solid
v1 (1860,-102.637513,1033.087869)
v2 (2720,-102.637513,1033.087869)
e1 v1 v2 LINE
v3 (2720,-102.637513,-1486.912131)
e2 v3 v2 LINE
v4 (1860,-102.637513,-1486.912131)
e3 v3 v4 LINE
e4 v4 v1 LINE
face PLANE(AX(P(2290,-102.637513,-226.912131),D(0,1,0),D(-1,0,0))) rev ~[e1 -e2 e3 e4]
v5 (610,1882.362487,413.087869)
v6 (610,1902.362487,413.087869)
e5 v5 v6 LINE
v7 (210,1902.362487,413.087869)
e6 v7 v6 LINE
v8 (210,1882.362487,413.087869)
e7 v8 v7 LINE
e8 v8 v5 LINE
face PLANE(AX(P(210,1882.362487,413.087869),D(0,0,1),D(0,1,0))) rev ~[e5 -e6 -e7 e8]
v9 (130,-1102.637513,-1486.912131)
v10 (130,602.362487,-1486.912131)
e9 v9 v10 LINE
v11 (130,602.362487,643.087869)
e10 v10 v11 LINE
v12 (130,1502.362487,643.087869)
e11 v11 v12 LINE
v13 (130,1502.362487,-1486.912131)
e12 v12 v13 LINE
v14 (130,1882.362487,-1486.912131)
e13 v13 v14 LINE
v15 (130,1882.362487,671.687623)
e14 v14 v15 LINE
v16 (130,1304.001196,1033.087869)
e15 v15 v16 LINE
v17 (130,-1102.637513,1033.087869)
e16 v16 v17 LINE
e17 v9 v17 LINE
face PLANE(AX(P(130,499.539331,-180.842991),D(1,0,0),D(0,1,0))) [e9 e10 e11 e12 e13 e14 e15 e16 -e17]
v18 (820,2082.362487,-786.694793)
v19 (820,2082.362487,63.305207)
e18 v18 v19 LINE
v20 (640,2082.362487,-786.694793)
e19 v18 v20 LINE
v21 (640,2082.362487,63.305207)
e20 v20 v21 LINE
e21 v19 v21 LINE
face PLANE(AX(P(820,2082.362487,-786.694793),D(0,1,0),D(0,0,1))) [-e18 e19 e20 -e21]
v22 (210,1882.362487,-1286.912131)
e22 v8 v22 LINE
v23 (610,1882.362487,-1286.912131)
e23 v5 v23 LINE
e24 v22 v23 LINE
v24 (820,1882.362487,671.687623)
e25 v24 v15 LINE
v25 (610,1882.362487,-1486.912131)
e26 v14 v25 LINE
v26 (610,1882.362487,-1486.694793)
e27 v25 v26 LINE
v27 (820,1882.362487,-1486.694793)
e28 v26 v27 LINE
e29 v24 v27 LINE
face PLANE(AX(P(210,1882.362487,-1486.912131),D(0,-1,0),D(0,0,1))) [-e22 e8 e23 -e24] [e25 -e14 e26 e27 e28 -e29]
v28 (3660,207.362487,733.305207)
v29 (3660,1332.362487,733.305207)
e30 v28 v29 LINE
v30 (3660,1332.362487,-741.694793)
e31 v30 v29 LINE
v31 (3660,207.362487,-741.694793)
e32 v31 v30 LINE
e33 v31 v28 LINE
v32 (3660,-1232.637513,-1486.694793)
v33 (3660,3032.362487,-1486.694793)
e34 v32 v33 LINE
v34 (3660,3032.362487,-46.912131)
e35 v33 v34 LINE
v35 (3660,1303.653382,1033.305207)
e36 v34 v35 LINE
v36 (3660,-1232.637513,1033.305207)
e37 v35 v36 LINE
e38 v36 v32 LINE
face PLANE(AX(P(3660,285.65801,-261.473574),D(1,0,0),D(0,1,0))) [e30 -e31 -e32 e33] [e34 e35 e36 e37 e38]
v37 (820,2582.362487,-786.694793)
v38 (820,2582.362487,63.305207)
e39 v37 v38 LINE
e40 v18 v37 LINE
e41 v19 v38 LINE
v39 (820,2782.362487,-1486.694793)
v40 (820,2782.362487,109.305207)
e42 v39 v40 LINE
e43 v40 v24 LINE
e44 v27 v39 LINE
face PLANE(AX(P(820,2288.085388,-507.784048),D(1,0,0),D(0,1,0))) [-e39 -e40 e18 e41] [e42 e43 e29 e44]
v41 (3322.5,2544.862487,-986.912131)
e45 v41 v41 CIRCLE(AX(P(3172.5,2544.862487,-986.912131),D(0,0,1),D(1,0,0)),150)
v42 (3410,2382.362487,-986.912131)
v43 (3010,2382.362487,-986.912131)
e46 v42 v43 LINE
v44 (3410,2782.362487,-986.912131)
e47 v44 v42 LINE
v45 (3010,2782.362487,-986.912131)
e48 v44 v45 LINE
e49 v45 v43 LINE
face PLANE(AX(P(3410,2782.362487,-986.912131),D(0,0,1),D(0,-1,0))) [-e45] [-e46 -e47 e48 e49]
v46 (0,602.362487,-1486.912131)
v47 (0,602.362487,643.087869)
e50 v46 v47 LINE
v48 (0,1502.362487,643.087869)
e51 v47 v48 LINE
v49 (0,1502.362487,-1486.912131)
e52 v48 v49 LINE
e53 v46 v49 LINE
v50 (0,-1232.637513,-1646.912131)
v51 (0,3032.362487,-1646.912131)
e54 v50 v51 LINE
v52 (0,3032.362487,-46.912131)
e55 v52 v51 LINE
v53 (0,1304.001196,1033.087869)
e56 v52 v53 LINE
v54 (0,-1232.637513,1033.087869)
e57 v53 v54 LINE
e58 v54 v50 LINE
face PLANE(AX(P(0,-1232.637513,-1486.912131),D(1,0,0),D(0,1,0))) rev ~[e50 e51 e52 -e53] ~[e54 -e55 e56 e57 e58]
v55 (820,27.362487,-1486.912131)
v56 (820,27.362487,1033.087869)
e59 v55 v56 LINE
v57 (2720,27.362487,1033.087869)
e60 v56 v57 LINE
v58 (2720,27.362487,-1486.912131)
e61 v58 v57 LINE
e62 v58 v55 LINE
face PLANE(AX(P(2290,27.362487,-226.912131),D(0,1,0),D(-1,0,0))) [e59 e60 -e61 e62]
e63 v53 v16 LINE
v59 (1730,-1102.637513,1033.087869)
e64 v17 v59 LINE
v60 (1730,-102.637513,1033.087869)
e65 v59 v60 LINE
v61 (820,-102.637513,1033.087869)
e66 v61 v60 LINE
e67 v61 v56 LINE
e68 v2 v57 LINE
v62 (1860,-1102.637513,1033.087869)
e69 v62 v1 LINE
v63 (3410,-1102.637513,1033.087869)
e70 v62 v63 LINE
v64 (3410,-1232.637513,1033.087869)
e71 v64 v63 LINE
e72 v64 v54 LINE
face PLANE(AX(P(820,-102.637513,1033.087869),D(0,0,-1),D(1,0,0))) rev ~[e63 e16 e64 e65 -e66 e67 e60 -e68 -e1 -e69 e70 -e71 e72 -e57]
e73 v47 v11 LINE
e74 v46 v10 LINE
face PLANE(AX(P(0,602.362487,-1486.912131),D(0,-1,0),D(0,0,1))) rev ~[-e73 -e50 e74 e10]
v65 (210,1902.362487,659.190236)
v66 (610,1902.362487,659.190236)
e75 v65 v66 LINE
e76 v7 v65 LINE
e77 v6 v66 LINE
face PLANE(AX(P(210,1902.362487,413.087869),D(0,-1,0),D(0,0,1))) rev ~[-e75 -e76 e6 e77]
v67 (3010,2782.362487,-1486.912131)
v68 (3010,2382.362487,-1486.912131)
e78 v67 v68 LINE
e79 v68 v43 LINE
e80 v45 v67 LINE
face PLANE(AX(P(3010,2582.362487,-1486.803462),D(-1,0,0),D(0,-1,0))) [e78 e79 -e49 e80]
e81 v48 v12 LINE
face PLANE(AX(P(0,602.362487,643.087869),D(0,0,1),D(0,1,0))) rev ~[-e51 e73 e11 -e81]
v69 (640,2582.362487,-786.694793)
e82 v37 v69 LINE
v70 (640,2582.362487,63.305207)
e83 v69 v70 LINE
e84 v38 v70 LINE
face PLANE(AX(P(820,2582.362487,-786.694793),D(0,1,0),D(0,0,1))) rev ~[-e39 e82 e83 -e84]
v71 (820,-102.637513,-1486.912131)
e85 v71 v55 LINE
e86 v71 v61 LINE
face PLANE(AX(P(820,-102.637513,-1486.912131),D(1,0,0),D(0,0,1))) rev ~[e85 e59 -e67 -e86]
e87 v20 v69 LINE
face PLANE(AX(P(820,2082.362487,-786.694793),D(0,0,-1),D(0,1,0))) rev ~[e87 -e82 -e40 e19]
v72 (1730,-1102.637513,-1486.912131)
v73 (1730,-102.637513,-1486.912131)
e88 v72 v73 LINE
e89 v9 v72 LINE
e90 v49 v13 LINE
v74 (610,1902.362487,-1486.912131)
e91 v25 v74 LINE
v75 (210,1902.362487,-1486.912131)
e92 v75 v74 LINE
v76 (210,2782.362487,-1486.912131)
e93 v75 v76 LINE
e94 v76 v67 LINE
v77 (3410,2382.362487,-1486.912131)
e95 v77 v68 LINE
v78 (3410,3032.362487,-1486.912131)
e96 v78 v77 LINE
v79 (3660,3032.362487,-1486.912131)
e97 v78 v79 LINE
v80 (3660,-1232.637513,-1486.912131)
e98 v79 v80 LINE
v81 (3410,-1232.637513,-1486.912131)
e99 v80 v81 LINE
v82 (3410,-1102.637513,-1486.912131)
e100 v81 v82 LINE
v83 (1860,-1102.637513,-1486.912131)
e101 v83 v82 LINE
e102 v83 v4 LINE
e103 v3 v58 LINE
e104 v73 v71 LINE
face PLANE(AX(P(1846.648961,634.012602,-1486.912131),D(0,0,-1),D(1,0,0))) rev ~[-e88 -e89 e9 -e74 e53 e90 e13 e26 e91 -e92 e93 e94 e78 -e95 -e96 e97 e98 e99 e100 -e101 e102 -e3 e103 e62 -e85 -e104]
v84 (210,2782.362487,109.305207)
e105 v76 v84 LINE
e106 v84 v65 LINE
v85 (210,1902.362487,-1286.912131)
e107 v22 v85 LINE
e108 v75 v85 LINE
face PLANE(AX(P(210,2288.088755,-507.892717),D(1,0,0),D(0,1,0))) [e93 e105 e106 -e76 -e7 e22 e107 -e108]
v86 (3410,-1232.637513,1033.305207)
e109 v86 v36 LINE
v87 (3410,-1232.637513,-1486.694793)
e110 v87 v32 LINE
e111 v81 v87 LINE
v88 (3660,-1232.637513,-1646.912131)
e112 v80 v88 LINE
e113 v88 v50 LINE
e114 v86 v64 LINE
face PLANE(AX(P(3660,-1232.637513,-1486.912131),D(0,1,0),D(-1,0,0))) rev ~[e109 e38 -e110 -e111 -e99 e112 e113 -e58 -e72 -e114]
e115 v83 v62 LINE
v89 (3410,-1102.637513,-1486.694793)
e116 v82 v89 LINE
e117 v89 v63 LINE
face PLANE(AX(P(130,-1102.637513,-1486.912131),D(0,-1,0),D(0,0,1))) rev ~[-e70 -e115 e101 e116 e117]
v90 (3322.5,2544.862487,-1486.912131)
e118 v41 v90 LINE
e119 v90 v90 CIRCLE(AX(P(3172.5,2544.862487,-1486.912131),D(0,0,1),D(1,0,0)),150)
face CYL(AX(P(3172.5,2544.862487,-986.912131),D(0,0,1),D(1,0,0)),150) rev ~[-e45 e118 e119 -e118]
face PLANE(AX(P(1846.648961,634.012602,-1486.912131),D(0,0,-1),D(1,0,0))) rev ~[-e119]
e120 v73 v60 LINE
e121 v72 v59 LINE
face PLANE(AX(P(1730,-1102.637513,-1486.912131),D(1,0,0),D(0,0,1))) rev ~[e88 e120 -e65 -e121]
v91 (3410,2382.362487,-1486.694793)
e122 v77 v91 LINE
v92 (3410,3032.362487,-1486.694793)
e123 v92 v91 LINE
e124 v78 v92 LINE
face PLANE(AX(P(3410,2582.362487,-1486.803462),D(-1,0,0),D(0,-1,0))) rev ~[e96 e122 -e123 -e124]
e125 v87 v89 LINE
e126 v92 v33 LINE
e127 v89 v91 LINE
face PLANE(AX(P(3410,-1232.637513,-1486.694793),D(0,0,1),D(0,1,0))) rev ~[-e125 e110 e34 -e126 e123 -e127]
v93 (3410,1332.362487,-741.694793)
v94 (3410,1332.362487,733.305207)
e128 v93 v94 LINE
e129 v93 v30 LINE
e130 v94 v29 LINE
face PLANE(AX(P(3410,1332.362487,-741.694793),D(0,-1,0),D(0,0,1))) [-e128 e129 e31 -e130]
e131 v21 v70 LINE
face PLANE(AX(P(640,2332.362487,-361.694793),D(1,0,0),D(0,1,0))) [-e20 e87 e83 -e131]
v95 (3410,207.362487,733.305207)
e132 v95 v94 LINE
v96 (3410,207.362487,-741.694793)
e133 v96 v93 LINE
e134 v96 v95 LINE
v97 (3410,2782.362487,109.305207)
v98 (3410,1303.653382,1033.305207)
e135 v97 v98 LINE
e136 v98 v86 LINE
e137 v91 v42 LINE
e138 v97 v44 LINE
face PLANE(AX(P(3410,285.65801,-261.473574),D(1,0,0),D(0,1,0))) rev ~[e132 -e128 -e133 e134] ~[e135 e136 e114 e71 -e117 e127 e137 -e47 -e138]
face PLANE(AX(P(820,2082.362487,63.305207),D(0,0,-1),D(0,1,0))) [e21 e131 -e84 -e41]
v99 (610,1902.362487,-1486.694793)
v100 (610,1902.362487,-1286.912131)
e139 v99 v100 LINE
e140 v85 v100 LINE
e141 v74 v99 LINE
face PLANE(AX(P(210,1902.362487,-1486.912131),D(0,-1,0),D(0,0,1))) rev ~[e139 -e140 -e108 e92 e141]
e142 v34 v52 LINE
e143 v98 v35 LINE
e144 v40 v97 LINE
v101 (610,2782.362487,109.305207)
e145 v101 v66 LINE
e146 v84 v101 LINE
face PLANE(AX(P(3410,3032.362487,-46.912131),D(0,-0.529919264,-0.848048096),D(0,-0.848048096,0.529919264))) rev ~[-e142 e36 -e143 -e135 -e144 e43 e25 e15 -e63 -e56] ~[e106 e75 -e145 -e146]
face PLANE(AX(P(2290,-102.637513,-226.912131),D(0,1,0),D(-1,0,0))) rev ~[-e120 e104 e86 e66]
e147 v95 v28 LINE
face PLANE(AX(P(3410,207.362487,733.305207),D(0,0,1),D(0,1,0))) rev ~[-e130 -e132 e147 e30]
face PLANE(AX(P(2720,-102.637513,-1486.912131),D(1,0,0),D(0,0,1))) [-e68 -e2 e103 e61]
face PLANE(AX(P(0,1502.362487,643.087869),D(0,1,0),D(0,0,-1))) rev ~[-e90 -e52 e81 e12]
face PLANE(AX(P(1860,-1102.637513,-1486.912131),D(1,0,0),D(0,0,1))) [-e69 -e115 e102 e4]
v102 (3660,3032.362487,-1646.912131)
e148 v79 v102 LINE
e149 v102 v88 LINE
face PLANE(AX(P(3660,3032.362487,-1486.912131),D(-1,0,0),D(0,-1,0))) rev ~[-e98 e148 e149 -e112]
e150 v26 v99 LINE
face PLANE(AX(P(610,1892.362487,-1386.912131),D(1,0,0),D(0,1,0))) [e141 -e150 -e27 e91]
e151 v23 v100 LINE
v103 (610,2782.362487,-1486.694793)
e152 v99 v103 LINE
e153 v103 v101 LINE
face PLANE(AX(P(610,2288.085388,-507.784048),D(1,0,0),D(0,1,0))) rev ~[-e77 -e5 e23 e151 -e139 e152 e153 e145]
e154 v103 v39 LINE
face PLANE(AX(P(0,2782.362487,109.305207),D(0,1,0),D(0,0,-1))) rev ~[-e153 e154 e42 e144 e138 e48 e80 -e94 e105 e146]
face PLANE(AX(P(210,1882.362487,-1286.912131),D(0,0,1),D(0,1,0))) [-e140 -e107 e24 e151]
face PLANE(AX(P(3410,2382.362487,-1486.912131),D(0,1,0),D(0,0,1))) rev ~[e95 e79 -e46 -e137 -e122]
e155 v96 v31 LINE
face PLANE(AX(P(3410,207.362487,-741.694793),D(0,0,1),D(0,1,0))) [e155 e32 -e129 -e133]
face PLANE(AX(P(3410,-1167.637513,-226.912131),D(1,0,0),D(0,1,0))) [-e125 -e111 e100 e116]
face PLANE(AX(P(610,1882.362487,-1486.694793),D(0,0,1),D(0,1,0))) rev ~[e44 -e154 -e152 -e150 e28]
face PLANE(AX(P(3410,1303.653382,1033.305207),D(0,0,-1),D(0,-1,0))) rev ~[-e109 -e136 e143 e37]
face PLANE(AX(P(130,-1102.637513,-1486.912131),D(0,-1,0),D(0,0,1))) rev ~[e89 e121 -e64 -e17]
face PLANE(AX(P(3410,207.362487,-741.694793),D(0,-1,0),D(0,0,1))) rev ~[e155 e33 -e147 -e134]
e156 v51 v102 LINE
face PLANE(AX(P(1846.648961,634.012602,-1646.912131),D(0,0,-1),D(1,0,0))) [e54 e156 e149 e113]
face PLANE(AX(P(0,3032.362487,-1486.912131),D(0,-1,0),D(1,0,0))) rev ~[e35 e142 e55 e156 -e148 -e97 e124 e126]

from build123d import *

# Parameters (mm, degrees)
F1_DEPTH  = 130
F2_DEPTH  = 210
F3_DEPTH  = 3410
F4_W      = 1125
F4_H      = 1475
F5_DEPTH  = 250
F8_DEPTH  = 210
F9_W      = 500
F9_H      = 850
F10_DEPTH = 180
F11_W     = 20
F11_H     = 200
F12_DEPTH = 400
F13_W     = 400
F13_H     = 0.2173379773
F13_H_2   = 499.7826620227
F14_DEPTH = 400
F15_R     = 150
F16_DEPTH = 500
F17_W     = 130
F17_H     = 2520
F18_DEPTH = 3280
F19_W     = 130
F19_H     = 2520
F20_DEPTH = 1000
F21_W     = 860
F21_H     = 2520
F21_W_2   = 130
F21_W_3   = 910
F22_DEPTH = 130
F24_DEPTH = 160


with BuildPart() as f1:
    # F0 (on Right) → F1 (new body)
    with BuildSketch(Plane.YZ):
        Polygon((-1232.6375129807, 1033.0878686905), (-1232.6375129807, -1486.9121313095), (602.3624870193, -1486.9121313095), (602.3624870193, 643.0878686905), (1502.3624870193, 643.0878686905), (1502.3624870193, -1486.9121313095), (1882.3624870193, -1486.9121313095), (1882.3624870193, 671.6876233862), (1304.001195655, 1033.0878686905), align=None)
    extrude(amount=F1_DEPTH)

    # F0 (on Right) → F2 (join)
    with BuildSketch(Plane.YZ):
        Polygon((2782.3624870193, 109.3052066678), (1882.3624870193, 671.6876233862), (1882.3624870193, -1486.9121313095), (2782.3624870193, -1486.9121313095), align=None)
    extrude(amount=F2_DEPTH)

    # F0 (on Right) → F3 (join)
    with BuildSketch(Plane.YZ):
        Polygon((3032.3624870193, -46.9121313095), (2782.3624870193, 109.3052066678), (2782.3624870193, -1486.9121313095), (3032.3624870193, -1486.9121313095), align=None)
    extrude(amount=F3_DEPTH)

    # F4 (on face) → F5 (join)
    with BuildSketch(Plane.YZ.offset(3410)):
        Polygon((-1232.6375129807, 1033.3052066678), (-1232.6375129807, -1486.6947933322), (1882.3624870193, -1486.6947933322), (1882.3624870193, 671.6876233862), (1303.6533821854, 1033.3052066678), align=None)
        with Locations((769.8624870193, -4.1947933322)):
            Rectangle(F4_W, F4_H, mode=Mode.SUBTRACT)
        Polygon((1882.3624870193, 671.6876233862), (1882.3624870193, -1486.6947933322), (2782.3624870193, -1486.6947933322), (2782.3624870193, 109.3052066678), align=None)
        Polygon((2782.3624870193, 109.3052066678), (2782.3624870193, -1486.6947933322), (3032.3624870193, -1486.6947933322), (3032.3624870193, -46.9121313095), align=None)
    extrude(amount=F5_DEPTH)



with BuildPart() as f8:
    # F7 (on offset) → F8 (new body)
    with BuildSketch(Plane.YZ.offset(610)):
        Polygon((2782.3624870193, 109.3052066678), (1882.3624870193, 671.6876233862), (1882.3624870193, -1486.6947933322), (2782.3624870193, -1486.6947933322), align=None)
    extrude(amount=F8_DEPTH)

    # F9 (on face) → F10 (cut)
    with BuildSketch(Plane.YZ.offset(820)):
        with Locations((2332.3624870193, -361.6947933322)):
            Rectangle(F9_W, F9_H)
    extrude(amount=-F10_DEPTH, mode=Mode.SUBTRACT)


with BuildPart() as f1_1:
    add(f1.part)

    add(f8.part)  # F12 merges F8
    # F11 (on face) → F12 (join)
    with BuildSketch(Plane.YZ.offset(210)):
        with Locations((1892.3624870193, -1386.9121313095)):
            Rectangle(F11_W, F11_H)
        Polygon((1902.3624870193, 659.190236348), (1882.3624870193, 671.6876233862), (1882.3624870193, 413.0878686905), (1902.3624870193, 413.0878686905), align=None)
    extrude(amount=F12_DEPTH)

    # F13 (on face) → F14 (join)
    with BuildSketch(Plane(origin=(3410, 0, 0), x_dir=(0, -1, 0), z_dir=(-1, 0, 0))):
        with Locations((-2582.3624870193, -1486.8034623208)):
            Rectangle(F13_W, F13_H)
        with Locations((-2582.3624870193, -1236.8034623208)):
            Rectangle(F13_W, F13_H_2)
    extrude(amount=F14_DEPTH)

    # F15 (on face) → F16 (cut, through all)
    with BuildSketch(Plane.XY.offset(-986.9121313095)):
        with Locations((3172.5, 2544.8624870193)):
            Circle(F15_R)
    extrude(amount=-F16_DEPTH, mode=Mode.SUBTRACT)

    # F17 (on face) → F18 (join, through all)
    with BuildSketch(Plane.YZ.offset(130)):
        with Locations((-1167.6375129807, -226.9121313095)):
            Rectangle(F17_W, F17_H)
    extrude(amount=F18_DEPTH)

    # F19 (on face) → F20 (join)
    with BuildSketch(Plane(origin=(0, -1102.6375129807, 0), x_dir=(-1, 0, 0), z_dir=(0, 1, 0))):
        with Locations((-1795, -226.9121313095)):
            Rectangle(F19_W, F19_H)
    extrude(amount=F20_DEPTH)

    # F21 (on face) → F22 (join)
    with BuildSketch(Plane(origin=(0, -102.6375129807, 0), x_dir=(-1, 0, 0), z_dir=(0, 1, 0))):
        with Locations((-2290, -226.9121313095)):
            Rectangle(F21_W, F21_H)
        with Locations((-1795, -226.9121313095)):
            Rectangle(F21_W_2, F21_H)
        with Locations((-1275, -226.9121313095)):
            Rectangle(F21_W_3, F21_H)
    extrude(amount=F22_DEPTH)

    # F23 (on face) → F24 (join)
    with BuildSketch(Plane(origin=(0, 0, -1486.9121313095), x_dir=(1, 0, 0), z_dir=(0, 0, -1))):
        Polygon((3660, 1232.6375129807), (3410, 1232.6375129807), (3410, 1102.6375129807), (1860, 1102.6375129807), (1860, 102.6375129807), (2720, 102.6375129807), (2720, -27.3624870193), (820, -27.3624870193), (820, 102.6375129807), (1730, 102.6375129807), (1730, 1102.6375129807), (130, 1102.6375129807), (130, -602.3624870193), (0, -602.3624870193), (0, -3032.3624870193), (3660, -3032.3624870193), align=None)
        Polygon((3410, 1232.6375129807), (0, 1232.6375129807), (0, -602.3624870193), (130, -602.3624870193), (130, 1102.6375129807), (1730, 1102.6375129807), (1730, 102.6375129807), (820, 102.6375129807), (820, -27.3624870193), (2720, -27.3624870193), (2720, 102.6375129807), (1860, 102.6375129807), (1860, 1102.6375129807), (3410, 1102.6375129807), align=None)
    extrude(amount=F24_DEPTH)


solid = f1_1.part
